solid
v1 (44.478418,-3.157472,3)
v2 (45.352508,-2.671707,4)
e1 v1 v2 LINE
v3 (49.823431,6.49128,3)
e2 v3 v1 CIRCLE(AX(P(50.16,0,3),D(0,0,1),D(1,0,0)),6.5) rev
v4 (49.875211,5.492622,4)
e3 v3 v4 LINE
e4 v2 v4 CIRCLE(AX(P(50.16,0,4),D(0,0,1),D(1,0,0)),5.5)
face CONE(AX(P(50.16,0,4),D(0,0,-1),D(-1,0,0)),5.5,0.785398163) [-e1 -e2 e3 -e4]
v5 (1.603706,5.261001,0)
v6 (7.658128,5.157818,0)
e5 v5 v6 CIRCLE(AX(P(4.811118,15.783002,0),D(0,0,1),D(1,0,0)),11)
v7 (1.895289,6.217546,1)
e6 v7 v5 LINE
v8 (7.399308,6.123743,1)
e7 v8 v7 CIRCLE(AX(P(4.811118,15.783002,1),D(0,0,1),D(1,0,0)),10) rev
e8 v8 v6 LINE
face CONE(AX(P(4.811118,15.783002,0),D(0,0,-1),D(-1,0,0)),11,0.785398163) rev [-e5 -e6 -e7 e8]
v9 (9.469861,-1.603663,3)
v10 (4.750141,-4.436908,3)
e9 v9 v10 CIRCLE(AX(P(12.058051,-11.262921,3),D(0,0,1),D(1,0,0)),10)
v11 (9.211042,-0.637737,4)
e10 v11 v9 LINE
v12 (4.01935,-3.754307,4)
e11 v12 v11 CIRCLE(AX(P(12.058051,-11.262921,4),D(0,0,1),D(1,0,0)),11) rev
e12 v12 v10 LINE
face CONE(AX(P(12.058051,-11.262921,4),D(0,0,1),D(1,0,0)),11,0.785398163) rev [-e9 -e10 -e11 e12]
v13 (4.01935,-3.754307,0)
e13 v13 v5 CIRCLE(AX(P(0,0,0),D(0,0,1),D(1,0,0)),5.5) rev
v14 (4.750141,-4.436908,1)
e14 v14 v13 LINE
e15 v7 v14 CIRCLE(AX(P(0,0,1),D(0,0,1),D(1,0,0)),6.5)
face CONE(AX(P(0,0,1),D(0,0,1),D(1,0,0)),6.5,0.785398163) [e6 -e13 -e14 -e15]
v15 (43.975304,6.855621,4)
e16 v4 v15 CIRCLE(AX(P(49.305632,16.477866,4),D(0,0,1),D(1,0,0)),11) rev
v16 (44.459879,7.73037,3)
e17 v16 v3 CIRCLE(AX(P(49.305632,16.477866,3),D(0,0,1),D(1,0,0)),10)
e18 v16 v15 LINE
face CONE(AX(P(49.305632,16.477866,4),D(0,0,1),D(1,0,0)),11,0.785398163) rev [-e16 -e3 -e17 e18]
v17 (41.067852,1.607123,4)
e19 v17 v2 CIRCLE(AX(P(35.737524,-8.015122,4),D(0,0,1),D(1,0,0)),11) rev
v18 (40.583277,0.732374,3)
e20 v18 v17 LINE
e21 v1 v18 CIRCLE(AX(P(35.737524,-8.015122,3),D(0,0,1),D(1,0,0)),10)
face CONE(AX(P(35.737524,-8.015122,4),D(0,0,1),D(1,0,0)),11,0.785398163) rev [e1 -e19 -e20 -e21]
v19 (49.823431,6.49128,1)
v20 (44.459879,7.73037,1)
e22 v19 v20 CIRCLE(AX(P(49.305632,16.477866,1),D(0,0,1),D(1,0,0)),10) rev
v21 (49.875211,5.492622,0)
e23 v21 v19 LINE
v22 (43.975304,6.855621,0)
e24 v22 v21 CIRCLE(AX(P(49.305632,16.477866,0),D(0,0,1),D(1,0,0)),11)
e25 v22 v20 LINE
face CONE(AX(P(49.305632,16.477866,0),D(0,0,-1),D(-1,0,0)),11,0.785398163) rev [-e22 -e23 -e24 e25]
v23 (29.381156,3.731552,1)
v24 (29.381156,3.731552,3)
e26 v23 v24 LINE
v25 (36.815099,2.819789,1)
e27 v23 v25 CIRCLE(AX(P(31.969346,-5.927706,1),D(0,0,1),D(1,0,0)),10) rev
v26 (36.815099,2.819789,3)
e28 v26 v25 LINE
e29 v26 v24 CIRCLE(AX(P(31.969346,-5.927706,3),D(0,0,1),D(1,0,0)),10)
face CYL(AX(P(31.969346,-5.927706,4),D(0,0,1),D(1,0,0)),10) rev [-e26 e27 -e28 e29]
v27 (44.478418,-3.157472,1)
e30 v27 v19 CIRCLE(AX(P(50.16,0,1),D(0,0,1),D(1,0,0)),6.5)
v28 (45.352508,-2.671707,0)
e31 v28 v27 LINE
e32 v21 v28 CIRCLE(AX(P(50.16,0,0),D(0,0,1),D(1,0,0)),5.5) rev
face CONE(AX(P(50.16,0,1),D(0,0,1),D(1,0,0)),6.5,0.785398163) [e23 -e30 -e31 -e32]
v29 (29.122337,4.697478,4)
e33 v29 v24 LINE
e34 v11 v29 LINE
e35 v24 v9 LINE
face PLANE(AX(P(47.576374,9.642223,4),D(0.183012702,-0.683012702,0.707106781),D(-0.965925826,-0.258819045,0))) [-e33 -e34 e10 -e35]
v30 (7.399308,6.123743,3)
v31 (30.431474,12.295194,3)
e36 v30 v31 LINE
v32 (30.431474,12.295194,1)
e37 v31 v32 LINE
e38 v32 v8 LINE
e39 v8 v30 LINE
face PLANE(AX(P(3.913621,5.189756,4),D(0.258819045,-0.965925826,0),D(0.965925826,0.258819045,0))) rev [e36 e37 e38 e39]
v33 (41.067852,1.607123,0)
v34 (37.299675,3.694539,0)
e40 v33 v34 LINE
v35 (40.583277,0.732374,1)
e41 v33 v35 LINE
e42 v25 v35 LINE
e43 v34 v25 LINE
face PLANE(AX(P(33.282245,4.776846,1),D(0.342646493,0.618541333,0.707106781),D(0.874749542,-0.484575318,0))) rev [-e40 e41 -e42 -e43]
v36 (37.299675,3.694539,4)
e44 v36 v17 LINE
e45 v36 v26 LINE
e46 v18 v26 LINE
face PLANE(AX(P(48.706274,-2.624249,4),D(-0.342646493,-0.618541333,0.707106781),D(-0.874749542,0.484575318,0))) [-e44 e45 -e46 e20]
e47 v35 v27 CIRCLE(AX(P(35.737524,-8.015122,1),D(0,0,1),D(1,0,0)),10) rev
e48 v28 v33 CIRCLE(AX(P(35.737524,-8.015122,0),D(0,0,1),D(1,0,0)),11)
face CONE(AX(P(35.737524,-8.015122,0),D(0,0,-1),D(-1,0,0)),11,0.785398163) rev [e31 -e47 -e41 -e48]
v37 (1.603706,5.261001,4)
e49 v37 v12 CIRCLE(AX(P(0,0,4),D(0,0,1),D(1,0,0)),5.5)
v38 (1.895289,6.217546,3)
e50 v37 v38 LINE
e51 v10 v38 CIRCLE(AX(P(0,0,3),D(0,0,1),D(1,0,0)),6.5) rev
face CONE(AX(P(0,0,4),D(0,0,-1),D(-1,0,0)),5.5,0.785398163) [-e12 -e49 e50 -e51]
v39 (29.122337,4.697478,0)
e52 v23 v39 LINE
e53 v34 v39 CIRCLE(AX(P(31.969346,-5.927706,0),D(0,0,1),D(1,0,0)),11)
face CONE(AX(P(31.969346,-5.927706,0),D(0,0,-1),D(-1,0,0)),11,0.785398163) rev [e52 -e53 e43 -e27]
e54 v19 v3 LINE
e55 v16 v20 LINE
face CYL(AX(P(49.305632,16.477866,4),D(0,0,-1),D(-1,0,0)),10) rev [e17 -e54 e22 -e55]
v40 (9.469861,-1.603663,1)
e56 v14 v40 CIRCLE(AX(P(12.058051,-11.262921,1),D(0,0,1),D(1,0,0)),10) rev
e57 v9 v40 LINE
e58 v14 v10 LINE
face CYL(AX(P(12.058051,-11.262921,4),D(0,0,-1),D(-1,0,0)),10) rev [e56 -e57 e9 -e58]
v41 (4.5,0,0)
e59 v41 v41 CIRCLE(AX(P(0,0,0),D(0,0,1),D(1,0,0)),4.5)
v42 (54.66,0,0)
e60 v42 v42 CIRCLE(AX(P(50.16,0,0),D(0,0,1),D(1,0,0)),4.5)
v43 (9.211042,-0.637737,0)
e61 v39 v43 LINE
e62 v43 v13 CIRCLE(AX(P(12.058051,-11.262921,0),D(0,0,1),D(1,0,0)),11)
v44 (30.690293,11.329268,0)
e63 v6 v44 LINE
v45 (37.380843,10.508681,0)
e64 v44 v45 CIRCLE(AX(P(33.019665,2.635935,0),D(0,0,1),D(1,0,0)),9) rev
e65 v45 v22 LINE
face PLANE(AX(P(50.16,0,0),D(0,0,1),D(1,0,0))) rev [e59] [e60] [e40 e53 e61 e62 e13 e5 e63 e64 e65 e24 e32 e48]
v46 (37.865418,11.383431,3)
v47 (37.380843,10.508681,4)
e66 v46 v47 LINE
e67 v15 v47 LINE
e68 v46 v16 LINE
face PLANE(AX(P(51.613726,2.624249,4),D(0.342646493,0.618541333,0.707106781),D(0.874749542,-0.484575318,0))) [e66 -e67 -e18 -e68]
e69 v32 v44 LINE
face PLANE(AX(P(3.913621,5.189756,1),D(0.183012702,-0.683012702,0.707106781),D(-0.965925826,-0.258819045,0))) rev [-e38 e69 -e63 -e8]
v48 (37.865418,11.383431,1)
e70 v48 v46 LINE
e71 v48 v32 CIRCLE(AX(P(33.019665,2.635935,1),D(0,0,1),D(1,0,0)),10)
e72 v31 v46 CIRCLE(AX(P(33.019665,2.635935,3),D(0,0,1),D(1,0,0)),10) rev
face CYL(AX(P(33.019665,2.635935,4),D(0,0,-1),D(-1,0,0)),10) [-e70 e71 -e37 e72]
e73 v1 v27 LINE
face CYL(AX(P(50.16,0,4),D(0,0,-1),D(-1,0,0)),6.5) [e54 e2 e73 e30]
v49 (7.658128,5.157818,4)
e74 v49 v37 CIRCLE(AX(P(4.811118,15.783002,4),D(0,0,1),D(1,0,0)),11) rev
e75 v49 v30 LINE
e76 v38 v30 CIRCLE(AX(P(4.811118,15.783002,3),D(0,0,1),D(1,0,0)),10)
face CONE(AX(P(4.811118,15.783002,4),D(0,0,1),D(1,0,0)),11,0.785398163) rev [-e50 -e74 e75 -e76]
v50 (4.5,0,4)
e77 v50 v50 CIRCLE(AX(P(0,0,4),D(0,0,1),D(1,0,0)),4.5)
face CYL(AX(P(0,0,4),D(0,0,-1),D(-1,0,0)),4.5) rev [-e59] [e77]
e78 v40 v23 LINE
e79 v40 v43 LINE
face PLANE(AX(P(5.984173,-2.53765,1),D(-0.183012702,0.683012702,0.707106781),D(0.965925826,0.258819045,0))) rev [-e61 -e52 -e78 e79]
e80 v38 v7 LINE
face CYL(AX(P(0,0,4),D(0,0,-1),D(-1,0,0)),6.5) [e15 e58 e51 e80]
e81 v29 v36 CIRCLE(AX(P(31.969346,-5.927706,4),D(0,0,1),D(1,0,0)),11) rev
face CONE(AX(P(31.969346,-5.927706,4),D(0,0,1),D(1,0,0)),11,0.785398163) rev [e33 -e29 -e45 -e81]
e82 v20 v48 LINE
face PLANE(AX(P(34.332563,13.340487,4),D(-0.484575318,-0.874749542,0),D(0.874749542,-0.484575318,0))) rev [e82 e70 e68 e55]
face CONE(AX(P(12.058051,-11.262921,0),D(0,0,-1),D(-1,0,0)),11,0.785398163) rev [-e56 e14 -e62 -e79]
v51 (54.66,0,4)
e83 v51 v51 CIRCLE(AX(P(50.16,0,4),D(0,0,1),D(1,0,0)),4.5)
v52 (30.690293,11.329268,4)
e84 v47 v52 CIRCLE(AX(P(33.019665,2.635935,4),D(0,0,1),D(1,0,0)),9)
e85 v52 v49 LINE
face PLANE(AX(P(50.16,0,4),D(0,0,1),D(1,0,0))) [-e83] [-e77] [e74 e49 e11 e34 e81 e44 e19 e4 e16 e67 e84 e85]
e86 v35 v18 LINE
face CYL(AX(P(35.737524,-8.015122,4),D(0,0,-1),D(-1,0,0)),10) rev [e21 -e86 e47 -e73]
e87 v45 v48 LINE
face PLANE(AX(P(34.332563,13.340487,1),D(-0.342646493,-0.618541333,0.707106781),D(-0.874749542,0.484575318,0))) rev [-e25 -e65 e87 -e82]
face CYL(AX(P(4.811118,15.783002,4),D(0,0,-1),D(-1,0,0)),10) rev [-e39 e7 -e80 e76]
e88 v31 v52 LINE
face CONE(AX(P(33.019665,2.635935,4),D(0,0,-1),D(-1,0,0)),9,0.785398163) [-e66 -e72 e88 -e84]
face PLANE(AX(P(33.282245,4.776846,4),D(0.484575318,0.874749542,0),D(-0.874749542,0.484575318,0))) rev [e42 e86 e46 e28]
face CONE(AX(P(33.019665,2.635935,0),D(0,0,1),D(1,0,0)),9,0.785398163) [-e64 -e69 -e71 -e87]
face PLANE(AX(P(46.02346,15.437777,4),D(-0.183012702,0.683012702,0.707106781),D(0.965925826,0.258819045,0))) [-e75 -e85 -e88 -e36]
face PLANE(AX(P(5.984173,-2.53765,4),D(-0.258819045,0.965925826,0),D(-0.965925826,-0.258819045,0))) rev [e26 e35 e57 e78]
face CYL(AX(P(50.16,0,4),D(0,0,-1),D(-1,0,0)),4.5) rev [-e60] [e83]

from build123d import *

# Parameters (mm, degrees)
SKETCH1_R           = 4.5
BOSS_EXTRUDE1_DEPTH = 4
FILLET1_R           = 10
CHAMFER2_SIZE       = 1


with BuildPart() as part:
    # Sketch1 → Boss-Extrude1 (new body)
    with BuildSketch(Plane.XY):
        with BuildLine():
            Line((5.984173373, -2.537650299), (33.282244564, 4.776845831))
            Line((33.282244564, 4.776845831), (43.739940984, -1.016288457))
            ThreePointArc((43.739940984, -1.016288457), (55.845872024, -3.149739565), (47.616543526, 5.98170788))
            Line((47.616543526, 5.98170788), (34.332563277, 13.340487326))
            Line((34.332563277, 13.340487326), (3.913621012, 5.189756311))
            ThreePointArc((3.913621012, 5.189756311), (-6.278517871, -1.682323793), (5.984173373, -2.537650299))
        make_face()
        Circle(SKETCH1_R, mode=Mode.SUBTRACT)
        with Locations((50.16, 0)):
            Circle(SKETCH1_R, mode=Mode.SUBTRACT)
    extrude(amount=BOSS_EXTRUDE1_DEPTH)

    # Fillet1
    fillet1_edges = [part.edges().sort_by_distance(p)[0] for p in [
        (33.282244564, 4.776845831, 2),
        (5.984173373, -2.537650299, 2),
        (3.913621012, 5.189756311, 2),
        (34.332563277, 13.340487326, 2),
        (47.616543526, 5.98170788, 2),
        (43.739940984, -1.016288457, 2),
    ]]
    fillet(fillet1_edges, radius=FILLET1_R)

    # Chamfer2
    chamfer2_edges = [part.edges().sort_by_distance(p)[0] for p in [
        (38.699188042, 1.776081634, 0),
        (38.699188042, 1.776081634, 4),
        (19.425508285, 1.063944536, 0),
        (19.425508285, 1.063944536, 4),
        (18.915391461, 9.209468588, 0),
        (18.915391461, 9.209468588, 4),
        (-6.278517871, -1.682323793, 0),
        (41.16264867, 9.55690055, 0),
        (55.845872024, -3.149739565, 0),
        (34.237028938, 12.561560111, 0),
        (41.16264867, 9.55690055, 4),
        (55.845872024, -3.149739565, 4),
        (-6.278517871, -1.682323793, 4),
        (34.237028938, 12.561560111, 4),
        (33.186710225, 3.997918617, 0),
        (33.186710225, 3.997918617, 4),
        (6.91120565, -2.689125301, 0),
        (6.91120565, -2.689125301, 4),
        (47.054714022, 6.734490138, 0),
        (47.054714022, 6.734490138, 4),
        (42.803779737, -0.939245365, 0),
        (42.803779737, -0.939245365, 4),
        (4.640717013, 5.784453649, 0),
        (4.640717013, 5.784453649, 4),
    ]]
    chamfer(chamfer2_edges, length=CHAMFER2_SIZE)


solid = part.part
